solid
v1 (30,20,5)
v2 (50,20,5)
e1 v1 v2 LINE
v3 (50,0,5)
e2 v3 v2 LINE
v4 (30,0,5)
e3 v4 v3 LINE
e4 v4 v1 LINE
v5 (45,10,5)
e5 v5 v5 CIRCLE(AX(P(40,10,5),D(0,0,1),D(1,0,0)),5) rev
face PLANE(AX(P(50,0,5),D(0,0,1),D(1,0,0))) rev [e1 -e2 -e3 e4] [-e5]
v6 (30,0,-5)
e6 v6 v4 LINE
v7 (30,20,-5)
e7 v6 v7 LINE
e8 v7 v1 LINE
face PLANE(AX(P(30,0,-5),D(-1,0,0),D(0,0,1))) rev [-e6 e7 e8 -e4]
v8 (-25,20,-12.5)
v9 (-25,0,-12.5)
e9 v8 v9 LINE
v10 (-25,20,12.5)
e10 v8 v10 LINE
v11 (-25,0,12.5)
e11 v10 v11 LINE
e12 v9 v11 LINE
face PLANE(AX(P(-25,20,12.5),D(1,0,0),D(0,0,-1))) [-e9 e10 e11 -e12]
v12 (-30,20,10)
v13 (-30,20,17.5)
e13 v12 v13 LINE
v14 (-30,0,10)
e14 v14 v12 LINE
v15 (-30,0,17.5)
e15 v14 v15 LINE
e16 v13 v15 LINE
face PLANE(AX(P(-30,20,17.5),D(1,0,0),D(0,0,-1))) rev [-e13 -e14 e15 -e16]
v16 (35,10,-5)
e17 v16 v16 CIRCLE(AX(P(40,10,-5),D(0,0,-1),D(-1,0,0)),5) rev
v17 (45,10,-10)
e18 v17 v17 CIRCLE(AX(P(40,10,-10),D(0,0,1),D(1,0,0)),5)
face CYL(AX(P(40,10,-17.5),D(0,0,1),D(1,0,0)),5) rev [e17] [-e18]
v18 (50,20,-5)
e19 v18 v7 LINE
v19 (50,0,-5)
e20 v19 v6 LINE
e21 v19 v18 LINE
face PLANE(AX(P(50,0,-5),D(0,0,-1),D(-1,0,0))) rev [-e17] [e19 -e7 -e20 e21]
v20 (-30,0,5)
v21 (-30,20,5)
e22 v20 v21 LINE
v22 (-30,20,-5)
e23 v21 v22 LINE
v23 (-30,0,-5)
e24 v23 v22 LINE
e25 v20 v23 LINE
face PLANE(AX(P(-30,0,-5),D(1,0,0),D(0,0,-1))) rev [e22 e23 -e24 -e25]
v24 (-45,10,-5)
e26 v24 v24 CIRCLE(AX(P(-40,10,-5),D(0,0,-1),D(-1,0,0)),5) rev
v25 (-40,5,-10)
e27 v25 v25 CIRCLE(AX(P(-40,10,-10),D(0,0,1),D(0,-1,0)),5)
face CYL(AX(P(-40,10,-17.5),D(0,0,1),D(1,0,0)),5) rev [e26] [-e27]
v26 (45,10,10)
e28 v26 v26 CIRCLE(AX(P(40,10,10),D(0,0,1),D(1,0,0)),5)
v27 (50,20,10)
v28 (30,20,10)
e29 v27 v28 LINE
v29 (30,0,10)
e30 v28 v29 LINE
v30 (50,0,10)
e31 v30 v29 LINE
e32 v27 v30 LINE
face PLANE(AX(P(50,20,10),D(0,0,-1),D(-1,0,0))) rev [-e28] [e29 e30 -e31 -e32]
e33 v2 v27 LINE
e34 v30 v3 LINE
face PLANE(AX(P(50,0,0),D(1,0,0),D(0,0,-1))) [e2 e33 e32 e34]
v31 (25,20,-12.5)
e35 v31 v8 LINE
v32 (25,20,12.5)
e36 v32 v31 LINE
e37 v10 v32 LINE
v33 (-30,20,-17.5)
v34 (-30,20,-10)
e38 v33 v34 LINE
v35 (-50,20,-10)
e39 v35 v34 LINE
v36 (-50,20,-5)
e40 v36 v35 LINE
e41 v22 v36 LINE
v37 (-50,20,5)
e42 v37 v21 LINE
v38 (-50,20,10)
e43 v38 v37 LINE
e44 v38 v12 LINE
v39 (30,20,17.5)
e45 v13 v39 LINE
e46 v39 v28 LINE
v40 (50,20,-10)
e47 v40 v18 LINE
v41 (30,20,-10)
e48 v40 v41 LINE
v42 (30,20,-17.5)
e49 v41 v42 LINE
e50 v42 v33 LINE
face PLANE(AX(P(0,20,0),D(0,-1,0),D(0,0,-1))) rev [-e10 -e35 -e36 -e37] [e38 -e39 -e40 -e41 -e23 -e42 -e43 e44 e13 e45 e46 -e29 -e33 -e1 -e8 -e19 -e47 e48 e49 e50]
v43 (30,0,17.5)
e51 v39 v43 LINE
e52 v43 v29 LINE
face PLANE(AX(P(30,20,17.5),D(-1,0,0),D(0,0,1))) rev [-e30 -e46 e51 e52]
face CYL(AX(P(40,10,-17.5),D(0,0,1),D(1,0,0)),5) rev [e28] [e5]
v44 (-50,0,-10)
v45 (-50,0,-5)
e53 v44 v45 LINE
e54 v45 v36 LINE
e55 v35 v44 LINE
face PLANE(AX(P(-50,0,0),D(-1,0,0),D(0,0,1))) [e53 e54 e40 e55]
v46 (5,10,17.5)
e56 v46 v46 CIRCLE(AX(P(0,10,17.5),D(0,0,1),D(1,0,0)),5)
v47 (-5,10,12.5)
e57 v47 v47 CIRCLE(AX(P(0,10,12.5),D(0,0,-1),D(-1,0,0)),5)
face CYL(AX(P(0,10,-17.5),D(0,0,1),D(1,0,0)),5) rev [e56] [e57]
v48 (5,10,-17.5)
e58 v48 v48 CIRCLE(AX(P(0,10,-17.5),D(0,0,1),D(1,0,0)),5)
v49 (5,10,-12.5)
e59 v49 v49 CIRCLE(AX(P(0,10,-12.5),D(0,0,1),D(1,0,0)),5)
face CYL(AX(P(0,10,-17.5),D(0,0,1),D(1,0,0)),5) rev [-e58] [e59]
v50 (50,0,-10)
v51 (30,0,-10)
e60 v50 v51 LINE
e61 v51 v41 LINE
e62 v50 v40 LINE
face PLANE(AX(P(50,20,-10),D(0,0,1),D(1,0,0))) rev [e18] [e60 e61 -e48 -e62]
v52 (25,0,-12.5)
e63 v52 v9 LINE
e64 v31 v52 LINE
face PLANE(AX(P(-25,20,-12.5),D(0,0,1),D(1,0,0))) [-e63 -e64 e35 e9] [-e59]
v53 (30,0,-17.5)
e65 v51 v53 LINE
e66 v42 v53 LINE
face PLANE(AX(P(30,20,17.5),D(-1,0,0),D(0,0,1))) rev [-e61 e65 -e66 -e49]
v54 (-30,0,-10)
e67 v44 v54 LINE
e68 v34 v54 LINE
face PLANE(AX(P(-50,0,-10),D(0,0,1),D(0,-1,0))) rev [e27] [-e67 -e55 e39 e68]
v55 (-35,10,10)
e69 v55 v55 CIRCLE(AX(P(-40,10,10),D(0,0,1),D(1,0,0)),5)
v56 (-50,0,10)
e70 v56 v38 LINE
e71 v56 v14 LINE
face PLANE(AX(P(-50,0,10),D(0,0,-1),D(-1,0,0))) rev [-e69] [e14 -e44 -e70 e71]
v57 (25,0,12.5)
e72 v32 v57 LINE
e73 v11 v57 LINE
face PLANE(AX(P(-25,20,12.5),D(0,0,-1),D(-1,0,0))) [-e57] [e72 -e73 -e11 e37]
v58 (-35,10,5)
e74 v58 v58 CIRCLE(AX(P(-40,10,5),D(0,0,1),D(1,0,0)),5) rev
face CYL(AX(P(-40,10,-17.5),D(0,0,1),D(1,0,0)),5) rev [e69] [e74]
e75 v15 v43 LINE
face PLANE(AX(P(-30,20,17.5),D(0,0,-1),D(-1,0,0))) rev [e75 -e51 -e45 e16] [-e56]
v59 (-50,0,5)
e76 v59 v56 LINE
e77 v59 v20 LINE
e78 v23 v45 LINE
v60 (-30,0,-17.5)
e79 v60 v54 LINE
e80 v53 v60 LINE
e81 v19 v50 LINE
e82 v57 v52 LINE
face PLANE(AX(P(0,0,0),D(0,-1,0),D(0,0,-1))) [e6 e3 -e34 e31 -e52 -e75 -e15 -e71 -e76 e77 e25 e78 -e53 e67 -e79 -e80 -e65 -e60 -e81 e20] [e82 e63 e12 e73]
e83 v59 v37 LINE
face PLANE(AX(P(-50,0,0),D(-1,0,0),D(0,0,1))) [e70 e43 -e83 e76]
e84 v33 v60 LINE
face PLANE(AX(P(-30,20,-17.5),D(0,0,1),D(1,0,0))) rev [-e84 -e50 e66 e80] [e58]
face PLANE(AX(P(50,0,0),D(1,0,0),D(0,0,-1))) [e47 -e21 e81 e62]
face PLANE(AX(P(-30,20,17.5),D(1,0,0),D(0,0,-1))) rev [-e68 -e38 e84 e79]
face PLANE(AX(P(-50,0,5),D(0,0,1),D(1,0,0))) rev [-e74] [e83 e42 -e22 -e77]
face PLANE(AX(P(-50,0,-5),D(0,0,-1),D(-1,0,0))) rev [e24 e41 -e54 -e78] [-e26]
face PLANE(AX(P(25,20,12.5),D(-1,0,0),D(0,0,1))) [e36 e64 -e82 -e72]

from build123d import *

# Parameters (mm, degrees)
SKETCH2_W           = 60
SKETCH2_H           = 35
SKETCH2_W_2         = 50
SKETCH2_H_2         = 25
BOSS_EXTRUDE1_DEPTH = 20
SKETCH3_R           = 5
CUT_EXTRUDE1_DEPTH  = 36
SKETCH4_W           = 20
SKETCH4_H           = 20
BOSS_EXTRUDE2_DEPTH = 20
SKETCH5_W           = 20
SKETCH5_H           = 20
BOSS_EXTRUDE3_DEPTH = 20
SKETCH6_R           = 5
CUT_EXTRUDE2_DEPTH  = 28.5
SKETCH7_W           = 20
SKETCH7_H           = 10
CUT_EXTRUDE3_DEPTH  = 21


with BuildPart() as part:
    # Sketch2 → Boss-Extrude1 (new body)
    with BuildSketch(Plane(origin=(0, 0, 0), x_dir=(1, 0, 0), z_dir=(0, 1, 0))):
        Rectangle(SKETCH2_W, SKETCH2_H)
        Rectangle(SKETCH2_W_2, SKETCH2_H_2, mode=Mode.SUBTRACT)
    extrude(amount=BOSS_EXTRUDE1_DEPTH)

    # Sketch3 → Cut-Extrude1 (cut, through all)
    with BuildSketch(Plane.XY.offset(17.5)):
        with Locations((0, 10)):
            Circle(SKETCH3_R)
    extrude(amount=-CUT_EXTRUDE1_DEPTH, mode=Mode.SUBTRACT)

    # Sketch4 → Boss-Extrude2 (add)
    with BuildSketch(Plane.ZY.offset(30)):
        with Locations((0, 10)):
            Rectangle(SKETCH4_W, SKETCH4_H)
    extrude(amount=BOSS_EXTRUDE2_DEPTH)

    # Sketch5 → Boss-Extrude3 (add)
    with BuildSketch(Plane(origin=(30, 0, 0), x_dir=(0, 0, -1), z_dir=(1, 0, 0))):
        with Locations((0, 10)):
            Rectangle(SKETCH5_W, SKETCH5_H)
    extrude(amount=BOSS_EXTRUDE3_DEPTH)

    # Sketch6 → Cut-Extrude2 (cut, through all)
    with BuildSketch(Plane.XY.offset(10)):
        with Locations((-40, 10)):
            Circle(SKETCH6_R)
        with Locations((40, 10)):
            Circle(SKETCH6_R)
    extrude(amount=-CUT_EXTRUDE2_DEPTH, mode=Mode.SUBTRACT)

    # Sketch7 → Cut-Extrude3 (cut, through all)
    with BuildSketch(Plane(origin=(0, 20, 0), x_dir=(1, 0, 0), z_dir=(0, 1, 0))):
        with Locations((40, 0)):
            Rectangle(SKETCH7_W, SKETCH7_H)
        with Locations((-40, 0)):
            Rectangle(SKETCH7_W, SKETCH7_H)
    extrude(amount=-CUT_EXTRUDE3_DEPTH, mode=Mode.SUBTRACT)


solid = part.part
